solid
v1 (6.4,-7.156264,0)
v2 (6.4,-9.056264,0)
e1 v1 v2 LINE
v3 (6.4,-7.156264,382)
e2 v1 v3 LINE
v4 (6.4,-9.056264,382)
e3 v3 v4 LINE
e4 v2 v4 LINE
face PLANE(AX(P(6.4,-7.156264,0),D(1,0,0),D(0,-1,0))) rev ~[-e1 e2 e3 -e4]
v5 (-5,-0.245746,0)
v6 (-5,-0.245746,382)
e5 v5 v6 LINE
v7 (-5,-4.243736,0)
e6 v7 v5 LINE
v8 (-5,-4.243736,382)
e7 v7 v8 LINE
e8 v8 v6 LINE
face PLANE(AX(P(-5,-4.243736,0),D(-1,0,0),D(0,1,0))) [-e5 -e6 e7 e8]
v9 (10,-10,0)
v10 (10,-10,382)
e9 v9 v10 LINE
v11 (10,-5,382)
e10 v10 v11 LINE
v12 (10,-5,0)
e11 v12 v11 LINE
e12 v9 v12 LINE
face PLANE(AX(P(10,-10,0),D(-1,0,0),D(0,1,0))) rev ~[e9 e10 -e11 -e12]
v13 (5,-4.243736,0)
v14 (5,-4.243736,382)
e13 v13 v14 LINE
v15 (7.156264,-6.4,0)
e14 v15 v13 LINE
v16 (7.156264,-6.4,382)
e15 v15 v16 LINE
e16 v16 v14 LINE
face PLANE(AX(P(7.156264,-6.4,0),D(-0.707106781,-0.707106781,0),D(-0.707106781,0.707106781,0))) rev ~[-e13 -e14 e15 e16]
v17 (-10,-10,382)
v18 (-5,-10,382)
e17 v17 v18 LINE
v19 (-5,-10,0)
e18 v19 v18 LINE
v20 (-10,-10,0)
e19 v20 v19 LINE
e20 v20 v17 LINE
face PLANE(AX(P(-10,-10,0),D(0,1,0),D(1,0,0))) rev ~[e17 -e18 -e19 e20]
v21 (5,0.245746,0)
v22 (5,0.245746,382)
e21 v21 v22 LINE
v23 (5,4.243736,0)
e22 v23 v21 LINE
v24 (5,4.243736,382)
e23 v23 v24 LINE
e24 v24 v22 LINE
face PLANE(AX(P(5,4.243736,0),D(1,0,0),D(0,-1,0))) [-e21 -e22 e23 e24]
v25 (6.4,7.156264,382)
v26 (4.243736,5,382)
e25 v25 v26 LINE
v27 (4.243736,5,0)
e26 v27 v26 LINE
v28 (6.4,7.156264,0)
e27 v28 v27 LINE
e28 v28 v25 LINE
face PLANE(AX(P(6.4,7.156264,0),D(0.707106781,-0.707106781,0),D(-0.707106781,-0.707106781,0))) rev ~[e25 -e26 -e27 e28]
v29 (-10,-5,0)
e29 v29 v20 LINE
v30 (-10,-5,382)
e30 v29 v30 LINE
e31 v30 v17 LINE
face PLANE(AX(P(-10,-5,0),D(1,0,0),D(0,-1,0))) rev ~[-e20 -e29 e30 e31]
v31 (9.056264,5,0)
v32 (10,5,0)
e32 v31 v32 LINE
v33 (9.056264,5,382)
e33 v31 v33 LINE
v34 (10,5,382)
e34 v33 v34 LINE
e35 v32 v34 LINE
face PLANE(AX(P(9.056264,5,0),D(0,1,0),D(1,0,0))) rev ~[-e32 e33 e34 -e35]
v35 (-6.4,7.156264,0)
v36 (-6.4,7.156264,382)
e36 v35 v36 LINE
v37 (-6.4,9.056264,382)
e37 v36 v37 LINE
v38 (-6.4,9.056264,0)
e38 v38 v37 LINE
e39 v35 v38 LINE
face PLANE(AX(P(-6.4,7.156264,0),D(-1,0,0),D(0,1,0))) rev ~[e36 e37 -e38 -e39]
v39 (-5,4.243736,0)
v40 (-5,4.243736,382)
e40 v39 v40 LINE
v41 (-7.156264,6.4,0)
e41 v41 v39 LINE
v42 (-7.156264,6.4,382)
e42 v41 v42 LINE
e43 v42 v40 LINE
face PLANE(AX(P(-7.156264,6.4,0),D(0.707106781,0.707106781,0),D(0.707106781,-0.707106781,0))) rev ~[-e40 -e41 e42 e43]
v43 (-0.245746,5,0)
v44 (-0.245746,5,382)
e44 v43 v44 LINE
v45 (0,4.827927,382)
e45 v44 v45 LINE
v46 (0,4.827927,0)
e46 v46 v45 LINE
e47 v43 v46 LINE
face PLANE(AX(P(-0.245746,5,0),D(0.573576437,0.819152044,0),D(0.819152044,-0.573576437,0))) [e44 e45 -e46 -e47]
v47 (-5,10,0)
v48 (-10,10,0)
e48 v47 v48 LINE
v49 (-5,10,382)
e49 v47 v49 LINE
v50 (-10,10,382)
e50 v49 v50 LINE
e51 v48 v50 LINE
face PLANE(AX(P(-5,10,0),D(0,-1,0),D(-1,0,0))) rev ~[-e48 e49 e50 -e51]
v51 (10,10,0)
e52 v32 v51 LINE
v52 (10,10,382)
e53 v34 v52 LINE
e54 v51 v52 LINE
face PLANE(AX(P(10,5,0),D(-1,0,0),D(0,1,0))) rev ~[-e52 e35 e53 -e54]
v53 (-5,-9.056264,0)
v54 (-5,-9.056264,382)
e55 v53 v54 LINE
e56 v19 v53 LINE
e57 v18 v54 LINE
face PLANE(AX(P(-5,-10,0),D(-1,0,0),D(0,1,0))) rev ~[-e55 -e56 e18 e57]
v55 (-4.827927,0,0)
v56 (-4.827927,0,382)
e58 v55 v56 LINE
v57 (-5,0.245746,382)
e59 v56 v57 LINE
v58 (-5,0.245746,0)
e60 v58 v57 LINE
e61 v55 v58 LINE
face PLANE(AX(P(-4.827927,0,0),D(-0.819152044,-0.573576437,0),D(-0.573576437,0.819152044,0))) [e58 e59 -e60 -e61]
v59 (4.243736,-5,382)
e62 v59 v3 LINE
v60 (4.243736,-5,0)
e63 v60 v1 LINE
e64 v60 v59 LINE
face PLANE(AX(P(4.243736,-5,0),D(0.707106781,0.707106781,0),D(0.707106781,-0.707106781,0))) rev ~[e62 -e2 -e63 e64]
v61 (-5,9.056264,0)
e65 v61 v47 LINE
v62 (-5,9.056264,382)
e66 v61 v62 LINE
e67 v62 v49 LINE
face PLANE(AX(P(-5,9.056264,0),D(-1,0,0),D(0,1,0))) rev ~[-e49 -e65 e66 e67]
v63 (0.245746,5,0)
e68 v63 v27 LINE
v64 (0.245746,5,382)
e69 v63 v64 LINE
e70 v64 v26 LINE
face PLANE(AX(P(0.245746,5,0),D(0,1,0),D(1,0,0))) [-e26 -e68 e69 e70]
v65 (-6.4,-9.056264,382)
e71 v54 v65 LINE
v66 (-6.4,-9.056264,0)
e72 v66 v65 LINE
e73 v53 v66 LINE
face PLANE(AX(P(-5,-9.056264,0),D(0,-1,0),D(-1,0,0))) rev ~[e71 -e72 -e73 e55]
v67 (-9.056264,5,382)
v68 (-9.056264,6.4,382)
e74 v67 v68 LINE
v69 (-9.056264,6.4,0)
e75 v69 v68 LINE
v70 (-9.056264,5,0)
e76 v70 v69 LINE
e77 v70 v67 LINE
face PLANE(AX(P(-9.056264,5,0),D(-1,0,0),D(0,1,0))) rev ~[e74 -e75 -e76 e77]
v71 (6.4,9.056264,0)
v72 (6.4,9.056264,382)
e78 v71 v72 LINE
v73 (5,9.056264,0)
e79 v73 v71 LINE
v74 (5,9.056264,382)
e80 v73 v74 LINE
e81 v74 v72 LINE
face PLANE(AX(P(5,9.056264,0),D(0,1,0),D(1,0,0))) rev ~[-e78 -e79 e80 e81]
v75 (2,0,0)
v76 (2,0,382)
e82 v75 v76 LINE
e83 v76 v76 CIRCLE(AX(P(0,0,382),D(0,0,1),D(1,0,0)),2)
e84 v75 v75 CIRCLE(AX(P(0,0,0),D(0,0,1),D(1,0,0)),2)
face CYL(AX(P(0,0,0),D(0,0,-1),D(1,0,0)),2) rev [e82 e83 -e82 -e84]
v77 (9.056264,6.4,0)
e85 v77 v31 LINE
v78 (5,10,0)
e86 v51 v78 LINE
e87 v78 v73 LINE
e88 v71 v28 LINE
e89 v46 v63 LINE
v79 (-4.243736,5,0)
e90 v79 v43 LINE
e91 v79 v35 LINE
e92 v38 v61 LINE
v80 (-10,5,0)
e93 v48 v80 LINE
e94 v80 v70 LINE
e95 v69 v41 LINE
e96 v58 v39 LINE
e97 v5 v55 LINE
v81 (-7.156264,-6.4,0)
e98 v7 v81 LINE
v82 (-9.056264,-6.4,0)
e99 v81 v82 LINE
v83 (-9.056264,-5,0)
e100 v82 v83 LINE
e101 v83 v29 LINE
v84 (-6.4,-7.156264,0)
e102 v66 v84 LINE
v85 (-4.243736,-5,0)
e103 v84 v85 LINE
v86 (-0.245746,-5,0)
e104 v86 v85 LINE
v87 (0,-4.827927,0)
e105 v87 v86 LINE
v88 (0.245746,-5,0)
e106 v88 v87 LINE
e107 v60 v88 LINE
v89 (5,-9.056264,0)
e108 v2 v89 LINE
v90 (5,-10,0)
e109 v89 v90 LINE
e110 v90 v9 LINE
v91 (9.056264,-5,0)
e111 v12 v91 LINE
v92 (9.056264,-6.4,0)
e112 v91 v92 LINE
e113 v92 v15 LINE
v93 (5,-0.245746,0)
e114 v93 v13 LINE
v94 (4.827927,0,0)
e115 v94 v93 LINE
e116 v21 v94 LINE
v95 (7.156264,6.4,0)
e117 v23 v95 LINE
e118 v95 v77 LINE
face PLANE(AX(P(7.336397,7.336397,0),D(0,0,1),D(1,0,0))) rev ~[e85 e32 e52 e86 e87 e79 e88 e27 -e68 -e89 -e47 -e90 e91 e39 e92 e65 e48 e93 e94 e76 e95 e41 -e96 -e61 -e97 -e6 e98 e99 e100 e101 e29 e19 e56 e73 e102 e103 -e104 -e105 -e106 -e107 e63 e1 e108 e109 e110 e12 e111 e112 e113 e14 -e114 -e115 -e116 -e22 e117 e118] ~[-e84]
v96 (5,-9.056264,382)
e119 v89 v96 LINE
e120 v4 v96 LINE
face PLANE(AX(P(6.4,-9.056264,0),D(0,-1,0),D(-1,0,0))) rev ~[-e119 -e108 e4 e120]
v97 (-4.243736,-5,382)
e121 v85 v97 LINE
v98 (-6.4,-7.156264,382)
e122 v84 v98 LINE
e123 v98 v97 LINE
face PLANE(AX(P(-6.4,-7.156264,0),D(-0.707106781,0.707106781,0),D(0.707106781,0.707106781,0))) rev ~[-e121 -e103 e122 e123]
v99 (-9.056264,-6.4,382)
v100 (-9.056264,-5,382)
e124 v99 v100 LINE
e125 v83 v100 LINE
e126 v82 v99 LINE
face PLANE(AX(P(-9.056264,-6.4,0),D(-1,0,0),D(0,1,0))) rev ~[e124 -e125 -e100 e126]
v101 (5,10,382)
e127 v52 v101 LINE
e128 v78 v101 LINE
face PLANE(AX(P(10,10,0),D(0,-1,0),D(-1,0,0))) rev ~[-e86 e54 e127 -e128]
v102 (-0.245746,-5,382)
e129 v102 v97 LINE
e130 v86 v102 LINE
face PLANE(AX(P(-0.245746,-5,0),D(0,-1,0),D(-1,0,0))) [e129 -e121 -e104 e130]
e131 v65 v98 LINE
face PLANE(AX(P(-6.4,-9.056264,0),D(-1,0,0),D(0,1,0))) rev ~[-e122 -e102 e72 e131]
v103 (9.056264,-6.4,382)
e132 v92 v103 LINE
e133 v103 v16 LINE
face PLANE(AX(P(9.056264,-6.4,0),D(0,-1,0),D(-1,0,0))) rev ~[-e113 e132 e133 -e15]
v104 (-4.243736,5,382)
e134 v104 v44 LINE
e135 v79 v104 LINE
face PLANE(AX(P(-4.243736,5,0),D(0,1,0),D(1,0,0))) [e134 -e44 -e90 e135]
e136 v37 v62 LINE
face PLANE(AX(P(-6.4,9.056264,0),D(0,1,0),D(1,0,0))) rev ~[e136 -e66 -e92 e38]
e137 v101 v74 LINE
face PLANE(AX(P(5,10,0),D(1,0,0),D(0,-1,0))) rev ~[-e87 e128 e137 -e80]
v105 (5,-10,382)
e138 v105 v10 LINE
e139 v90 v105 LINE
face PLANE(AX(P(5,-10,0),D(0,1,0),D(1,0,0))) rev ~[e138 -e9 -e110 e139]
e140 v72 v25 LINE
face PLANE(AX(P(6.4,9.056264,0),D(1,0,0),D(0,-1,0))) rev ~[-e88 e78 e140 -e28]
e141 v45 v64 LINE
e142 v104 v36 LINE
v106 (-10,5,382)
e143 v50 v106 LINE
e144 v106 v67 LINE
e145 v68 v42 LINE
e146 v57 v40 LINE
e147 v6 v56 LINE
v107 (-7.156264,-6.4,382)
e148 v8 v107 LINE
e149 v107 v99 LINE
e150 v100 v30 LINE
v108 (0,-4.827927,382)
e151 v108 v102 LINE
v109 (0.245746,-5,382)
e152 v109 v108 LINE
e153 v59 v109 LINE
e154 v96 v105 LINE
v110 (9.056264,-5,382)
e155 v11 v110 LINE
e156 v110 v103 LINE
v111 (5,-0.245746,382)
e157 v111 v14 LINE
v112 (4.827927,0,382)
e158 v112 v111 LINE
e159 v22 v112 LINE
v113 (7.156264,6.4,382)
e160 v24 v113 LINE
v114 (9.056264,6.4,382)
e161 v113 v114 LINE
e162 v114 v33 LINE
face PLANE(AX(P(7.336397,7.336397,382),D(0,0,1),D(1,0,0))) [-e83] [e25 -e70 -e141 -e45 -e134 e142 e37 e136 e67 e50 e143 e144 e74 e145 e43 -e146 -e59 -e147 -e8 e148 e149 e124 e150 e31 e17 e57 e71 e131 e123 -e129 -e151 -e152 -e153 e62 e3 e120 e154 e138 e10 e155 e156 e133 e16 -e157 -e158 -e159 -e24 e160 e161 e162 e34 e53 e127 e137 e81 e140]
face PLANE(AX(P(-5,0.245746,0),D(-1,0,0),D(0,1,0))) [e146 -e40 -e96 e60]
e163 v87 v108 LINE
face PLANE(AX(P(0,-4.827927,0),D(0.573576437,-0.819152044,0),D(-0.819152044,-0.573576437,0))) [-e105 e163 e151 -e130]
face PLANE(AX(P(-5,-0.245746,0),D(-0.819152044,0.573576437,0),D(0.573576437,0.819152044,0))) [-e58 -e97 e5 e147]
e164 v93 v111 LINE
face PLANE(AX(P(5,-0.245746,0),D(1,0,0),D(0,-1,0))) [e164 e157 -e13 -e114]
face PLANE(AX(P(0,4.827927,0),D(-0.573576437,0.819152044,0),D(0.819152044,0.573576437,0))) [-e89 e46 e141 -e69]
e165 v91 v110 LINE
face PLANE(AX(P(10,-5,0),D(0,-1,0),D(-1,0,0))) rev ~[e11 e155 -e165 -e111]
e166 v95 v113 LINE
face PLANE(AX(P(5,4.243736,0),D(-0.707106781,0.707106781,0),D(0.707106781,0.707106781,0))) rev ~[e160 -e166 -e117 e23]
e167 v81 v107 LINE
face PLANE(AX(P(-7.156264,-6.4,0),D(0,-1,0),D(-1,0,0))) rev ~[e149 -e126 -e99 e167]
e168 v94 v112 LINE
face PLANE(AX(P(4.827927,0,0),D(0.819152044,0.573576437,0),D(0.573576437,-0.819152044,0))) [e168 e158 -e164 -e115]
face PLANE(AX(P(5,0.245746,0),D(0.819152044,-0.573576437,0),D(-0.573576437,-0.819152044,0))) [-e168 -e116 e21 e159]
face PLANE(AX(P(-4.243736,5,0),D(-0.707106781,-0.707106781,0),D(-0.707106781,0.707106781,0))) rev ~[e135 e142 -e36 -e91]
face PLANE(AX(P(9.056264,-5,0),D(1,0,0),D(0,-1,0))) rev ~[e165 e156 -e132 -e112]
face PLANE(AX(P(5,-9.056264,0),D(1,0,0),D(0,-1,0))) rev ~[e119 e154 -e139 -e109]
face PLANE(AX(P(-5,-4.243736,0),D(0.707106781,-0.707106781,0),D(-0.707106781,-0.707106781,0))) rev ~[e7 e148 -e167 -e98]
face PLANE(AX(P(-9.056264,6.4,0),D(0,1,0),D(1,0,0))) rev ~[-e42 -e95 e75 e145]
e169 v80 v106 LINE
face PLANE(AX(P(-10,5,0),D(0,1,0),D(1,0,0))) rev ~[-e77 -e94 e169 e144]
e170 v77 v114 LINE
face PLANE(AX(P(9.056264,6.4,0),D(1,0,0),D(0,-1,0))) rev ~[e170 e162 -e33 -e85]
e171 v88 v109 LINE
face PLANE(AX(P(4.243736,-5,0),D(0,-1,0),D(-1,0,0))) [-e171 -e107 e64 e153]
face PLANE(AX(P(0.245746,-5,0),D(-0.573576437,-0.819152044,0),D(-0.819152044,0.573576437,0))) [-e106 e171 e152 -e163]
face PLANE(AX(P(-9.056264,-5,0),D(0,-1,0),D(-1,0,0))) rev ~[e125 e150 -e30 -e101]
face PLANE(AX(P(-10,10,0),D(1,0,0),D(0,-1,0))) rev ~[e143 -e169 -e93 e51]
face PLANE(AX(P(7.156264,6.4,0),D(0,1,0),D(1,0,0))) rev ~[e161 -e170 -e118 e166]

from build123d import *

# Parameters (mm, degrees)
SKETCH1_R           = 2
BOSS_EXTRUDE1_DEPTH = 382


with BuildPart() as part:
    # Sketch1 → Boss-Extrude1 (new body)
    with BuildSketch(Plane.XY):
        Polygon((6.4, 7.156263811), (4.243736189, 5), (5, 5), (5, 4.243736189), (7.156263811, 6.4), (9.056263811, 6.4), (9.056263811, 5), (10, 5), (10, 10), (5, 10), (5, 9.056263811), (6.4, 9.056263811), align=None)
        Polygon((-5, 0.245745613), (-5, 5), (-0.245745613, 5), (0, 4.827927069), (0.245745613, 5), (5, 5), (5, 0.245745613), (4.827927069, 0), (5, -0.245745613), (5, -5), (0.245745613, -5), (0, -4.827927069), (-0.245745613, -5), (-5, -5), (-5, -0.245745613), (-4.827927069, 0), align=None)
        Circle(SKETCH1_R, mode=Mode.SUBTRACT)
        Polygon((-10, 10), (-10, 5), (-9.056263811, 5), (-9.056263811, 6.4), (-7.156263811, 6.4), (-5, 4.243736189), (-5, 5), (-4.243736189, 5), (-6.4, 7.156263811), (-6.4, 9.056263811), (-5, 9.056263811), (-5, 10), align=None)
        Polygon((-5, -5), (-5, -4.243736189), (-7.156263811, -6.4), (-9.056263811, -6.4), (-9.056263811, -5), (-10, -5), (-10, -10), (-5, -10), (-5, -9.056263811), (-6.4, -9.056263811), (-6.4, -7.156263811), (-4.243736189, -5), align=None)
        Polygon((5, -5), (4.243736189, -5), (6.4, -7.156263811), (6.4, -9.056263811), (5, -9.056263811), (5, -10), (10, -10), (10, -5), (9.056263811, -5), (9.056263811, -6.4), (7.156263811, -6.4), (5, -4.243736189), align=None)
    extrude(amount=BOSS_EXTRUDE1_DEPTH)


solid = part.part
